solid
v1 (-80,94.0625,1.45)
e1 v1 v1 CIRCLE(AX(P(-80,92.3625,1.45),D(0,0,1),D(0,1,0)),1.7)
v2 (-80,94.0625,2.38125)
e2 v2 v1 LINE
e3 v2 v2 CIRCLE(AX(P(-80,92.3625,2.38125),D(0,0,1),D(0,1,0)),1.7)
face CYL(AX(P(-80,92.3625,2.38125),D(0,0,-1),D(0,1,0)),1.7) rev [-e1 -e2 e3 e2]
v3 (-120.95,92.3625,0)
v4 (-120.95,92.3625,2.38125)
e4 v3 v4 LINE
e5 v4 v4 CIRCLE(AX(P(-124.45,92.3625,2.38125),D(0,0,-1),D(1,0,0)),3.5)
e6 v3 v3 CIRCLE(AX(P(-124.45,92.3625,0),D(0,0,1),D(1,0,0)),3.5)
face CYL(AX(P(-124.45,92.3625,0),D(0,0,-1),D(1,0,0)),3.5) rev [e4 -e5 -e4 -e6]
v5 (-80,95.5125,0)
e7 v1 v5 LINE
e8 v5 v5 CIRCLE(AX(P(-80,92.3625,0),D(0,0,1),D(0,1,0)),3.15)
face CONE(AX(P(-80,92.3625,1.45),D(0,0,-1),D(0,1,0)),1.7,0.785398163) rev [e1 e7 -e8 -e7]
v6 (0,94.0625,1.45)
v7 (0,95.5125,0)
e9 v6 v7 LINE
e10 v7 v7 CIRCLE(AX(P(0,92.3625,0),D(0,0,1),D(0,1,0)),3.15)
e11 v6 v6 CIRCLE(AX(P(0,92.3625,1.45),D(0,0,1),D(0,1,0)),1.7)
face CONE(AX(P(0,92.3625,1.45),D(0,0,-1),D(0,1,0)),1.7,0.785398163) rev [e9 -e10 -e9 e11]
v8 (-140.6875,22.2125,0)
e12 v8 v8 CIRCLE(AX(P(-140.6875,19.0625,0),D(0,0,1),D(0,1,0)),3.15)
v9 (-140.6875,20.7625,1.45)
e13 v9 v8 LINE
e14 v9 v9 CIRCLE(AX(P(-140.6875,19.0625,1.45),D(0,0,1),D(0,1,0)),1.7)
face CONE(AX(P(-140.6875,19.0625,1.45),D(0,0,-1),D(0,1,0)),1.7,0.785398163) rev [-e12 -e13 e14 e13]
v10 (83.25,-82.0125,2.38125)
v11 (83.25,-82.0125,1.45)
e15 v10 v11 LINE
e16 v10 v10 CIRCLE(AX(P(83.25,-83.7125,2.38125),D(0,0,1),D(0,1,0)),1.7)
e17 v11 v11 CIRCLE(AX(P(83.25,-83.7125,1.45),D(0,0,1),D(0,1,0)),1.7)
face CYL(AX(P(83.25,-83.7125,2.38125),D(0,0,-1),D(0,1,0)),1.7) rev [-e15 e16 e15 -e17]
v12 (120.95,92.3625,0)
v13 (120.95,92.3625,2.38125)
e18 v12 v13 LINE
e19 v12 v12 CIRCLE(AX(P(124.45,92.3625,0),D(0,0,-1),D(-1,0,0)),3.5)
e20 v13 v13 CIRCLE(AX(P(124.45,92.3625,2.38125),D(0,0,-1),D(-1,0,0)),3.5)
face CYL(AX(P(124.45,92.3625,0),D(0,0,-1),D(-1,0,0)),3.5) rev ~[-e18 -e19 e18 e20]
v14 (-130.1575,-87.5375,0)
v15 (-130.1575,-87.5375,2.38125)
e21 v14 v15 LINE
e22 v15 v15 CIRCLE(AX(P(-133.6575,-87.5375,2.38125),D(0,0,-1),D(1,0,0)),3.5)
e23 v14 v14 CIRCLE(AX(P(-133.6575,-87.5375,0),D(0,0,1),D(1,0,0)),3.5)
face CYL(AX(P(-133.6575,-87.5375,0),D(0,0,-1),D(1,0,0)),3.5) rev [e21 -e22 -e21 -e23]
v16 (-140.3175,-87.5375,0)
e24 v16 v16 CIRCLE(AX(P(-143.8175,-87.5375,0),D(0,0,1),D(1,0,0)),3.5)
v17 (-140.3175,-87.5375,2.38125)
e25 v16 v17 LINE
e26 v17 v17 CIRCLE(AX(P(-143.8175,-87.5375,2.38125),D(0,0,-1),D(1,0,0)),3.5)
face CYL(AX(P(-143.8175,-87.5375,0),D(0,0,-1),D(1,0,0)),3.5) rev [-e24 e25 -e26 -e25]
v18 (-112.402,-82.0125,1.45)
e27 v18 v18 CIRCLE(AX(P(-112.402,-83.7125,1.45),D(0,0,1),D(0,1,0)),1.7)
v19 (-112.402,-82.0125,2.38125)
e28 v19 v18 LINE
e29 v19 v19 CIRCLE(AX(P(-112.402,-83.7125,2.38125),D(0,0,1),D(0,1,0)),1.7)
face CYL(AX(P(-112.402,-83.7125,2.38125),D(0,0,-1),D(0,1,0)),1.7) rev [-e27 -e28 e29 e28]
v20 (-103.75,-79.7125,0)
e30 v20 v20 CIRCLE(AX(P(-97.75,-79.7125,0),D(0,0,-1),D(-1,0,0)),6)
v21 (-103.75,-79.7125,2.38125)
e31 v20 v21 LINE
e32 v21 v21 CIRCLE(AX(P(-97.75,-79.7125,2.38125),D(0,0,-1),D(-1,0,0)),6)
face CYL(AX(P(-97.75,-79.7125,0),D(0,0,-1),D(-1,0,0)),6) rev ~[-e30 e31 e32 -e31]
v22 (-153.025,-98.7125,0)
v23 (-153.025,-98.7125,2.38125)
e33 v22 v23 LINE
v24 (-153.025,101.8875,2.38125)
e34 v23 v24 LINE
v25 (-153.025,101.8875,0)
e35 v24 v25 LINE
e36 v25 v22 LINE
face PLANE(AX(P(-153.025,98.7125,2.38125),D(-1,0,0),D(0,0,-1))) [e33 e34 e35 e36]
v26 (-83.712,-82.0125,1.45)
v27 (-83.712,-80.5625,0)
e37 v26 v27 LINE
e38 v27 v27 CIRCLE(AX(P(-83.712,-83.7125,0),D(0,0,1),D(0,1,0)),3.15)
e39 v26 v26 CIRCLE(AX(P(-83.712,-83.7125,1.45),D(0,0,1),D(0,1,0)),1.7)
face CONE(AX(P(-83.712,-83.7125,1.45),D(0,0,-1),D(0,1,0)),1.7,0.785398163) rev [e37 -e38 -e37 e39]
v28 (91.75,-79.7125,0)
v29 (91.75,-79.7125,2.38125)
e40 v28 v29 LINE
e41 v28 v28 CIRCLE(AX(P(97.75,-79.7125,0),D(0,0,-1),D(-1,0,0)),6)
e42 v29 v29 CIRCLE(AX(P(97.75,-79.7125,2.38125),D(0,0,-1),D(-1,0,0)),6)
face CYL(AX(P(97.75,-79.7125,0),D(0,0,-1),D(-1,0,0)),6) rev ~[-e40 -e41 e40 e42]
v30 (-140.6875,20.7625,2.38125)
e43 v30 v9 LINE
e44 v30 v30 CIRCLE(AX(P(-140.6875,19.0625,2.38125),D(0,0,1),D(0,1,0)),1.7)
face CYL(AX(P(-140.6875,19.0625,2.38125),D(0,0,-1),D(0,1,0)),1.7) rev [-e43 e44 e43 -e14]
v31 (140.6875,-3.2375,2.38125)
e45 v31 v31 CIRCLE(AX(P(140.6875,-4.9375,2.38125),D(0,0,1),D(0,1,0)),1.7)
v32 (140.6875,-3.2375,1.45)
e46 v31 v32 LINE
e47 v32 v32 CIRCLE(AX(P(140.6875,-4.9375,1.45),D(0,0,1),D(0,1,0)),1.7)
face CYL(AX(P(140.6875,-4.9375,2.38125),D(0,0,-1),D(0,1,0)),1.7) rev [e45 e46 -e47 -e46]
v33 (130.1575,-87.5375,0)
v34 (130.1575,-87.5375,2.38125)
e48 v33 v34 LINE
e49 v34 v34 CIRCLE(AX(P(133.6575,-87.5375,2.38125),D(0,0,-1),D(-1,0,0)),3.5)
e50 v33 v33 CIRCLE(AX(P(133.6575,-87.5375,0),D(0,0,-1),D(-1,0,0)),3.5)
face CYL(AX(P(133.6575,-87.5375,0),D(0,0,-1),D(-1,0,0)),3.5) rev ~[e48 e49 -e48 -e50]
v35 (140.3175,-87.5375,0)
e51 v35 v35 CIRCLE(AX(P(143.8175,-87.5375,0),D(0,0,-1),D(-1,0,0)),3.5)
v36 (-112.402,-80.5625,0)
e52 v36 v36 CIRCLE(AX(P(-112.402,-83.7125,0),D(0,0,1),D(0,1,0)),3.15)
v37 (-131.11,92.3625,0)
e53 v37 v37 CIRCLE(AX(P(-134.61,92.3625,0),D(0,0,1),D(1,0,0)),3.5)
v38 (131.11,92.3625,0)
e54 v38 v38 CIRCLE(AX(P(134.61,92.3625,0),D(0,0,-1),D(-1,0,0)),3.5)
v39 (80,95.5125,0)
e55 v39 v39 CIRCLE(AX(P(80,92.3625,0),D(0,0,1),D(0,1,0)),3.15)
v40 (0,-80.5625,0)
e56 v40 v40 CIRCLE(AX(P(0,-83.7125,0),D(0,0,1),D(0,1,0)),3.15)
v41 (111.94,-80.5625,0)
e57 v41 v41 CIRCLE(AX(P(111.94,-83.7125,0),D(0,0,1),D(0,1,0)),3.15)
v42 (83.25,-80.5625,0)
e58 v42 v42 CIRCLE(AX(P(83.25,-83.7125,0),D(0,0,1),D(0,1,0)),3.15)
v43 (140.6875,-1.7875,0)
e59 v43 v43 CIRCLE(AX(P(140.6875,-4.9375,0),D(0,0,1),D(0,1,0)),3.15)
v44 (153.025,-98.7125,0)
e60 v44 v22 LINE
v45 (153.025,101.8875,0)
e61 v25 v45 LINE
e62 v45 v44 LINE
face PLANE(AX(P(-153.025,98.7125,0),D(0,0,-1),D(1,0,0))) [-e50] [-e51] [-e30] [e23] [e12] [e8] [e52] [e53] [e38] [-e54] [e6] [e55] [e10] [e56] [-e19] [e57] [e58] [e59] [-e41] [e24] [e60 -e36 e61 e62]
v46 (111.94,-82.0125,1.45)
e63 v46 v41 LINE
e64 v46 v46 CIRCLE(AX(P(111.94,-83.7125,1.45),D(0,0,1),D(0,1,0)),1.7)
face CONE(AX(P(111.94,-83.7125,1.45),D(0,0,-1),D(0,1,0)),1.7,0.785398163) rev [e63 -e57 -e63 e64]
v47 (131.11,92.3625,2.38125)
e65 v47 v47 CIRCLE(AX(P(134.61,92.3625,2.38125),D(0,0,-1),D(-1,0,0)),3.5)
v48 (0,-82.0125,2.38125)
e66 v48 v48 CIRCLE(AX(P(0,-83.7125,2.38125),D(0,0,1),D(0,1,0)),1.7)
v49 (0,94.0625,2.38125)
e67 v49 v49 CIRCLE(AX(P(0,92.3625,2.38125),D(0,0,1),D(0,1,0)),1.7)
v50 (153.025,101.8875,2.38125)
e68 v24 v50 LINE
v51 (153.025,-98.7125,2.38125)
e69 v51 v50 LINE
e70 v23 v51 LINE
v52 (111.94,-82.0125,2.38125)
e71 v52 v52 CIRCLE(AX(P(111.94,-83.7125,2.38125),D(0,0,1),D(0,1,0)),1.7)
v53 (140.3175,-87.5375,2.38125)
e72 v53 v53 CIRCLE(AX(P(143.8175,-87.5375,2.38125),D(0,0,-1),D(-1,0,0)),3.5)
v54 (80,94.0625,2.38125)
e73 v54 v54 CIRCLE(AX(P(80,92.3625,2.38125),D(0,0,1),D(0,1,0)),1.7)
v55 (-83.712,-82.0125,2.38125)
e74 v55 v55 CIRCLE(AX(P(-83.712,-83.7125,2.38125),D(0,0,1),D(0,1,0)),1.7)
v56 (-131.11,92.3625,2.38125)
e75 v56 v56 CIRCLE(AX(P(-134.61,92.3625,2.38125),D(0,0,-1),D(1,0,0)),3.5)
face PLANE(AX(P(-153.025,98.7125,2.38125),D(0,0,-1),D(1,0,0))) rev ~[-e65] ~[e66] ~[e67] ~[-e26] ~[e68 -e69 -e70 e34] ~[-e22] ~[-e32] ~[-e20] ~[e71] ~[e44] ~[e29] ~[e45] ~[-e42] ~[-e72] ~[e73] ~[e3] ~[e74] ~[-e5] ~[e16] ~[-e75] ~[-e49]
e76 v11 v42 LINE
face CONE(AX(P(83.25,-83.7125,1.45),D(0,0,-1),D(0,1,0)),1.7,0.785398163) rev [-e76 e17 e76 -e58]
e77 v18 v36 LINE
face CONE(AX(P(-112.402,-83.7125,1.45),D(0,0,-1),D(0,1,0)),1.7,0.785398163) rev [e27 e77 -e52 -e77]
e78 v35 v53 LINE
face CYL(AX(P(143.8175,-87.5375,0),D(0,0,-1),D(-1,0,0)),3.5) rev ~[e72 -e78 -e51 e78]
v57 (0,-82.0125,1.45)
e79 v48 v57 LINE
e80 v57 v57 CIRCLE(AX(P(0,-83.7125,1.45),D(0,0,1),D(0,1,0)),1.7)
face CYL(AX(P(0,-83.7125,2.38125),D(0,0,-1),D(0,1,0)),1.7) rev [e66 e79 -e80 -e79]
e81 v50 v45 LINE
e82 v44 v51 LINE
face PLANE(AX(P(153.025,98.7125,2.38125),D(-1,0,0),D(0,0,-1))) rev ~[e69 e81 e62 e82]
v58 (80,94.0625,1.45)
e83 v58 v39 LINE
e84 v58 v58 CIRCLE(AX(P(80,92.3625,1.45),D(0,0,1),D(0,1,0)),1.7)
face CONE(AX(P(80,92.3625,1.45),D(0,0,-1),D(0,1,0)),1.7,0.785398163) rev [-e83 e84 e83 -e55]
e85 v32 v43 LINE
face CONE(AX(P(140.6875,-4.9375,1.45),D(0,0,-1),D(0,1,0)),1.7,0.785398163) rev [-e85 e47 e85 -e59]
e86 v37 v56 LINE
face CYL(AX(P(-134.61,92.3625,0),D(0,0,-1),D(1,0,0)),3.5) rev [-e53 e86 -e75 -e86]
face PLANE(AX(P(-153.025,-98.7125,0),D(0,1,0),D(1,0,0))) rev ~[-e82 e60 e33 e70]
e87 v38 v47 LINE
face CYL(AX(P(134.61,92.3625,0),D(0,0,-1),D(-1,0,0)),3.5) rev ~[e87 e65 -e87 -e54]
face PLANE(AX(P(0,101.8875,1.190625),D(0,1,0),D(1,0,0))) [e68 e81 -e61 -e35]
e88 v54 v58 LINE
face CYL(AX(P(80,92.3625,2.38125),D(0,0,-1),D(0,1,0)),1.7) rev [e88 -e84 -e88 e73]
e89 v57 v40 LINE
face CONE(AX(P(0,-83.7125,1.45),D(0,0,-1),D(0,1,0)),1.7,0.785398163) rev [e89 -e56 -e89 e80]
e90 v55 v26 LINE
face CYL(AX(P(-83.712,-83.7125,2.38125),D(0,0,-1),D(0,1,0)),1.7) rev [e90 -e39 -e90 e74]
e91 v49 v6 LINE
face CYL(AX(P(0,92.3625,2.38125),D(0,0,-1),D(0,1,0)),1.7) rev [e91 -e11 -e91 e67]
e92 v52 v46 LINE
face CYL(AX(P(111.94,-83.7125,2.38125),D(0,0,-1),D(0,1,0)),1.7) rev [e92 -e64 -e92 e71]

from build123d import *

# Parameters (mm, degrees)
SKETCH1_W                                      = 306.05
SKETCH1_H                                      = 197.425
SKETCH1_R                                      = 10.775
BOSS_EXTRUDE1_DEPTH                            = 2.38125
SKETCH9_W                                      = 306.05
SKETCH9_H                                      = 2.38125
BOSS_EXTRUDE2_DEPTH                            = 3.175
SKETCH10_R                                     = 3.5
CUT_EXTRUDE1_DEPTH                             = 184.856965146
CSK_FOR_M3_FLAT_HEAD_MACHINE_SCREW1_AT_2_COUNT = 2
CSK_FOR_M3_FLAT_HEAD_MACHINE_SCREW1_AT_2_PITCH = 28.69
CSK_FOR_M3_FLAT_HEAD_MACHINE_SCREW1_AT_3_COUNT = 2
CSK_FOR_M3_FLAT_HEAD_MACHINE_SCREW1_AT_3_PITCH = 83.856540491
CSK_FOR_M3_FLAT_HEAD_MACHINE_SCREW1_AT_4_COUNT = 2
CSK_FOR_M3_FLAT_HEAD_MACHINE_SCREW1_AT_4_PITCH = 178.948509983
CSK_FOR_M3_FLAT_HEAD_MACHINE_SCREW1_AT_5_COUNT = 2
CSK_FOR_M3_FLAT_HEAD_MACHINE_SCREW1_AT_5_PITCH = 208.645558843
CSK_FOR_M3_FLAT_HEAD_MACHINE_SCREW1_AT_6_COUNT = 2
CSK_FOR_M3_FLAT_HEAD_MACHINE_SCREW1_AT_6_PITCH = 260.467597265
CSK_FOR_M3_FLAT_HEAD_MACHINE_SCREW1_AT_7_COUNT = 2
CSK_FOR_M3_FLAT_HEAD_MACHINE_SCREW1_AT_7_PITCH = 272.733119364
CSK_FOR_M3_FLAT_HEAD_MACHINE_SCREW1_AT_8_COUNT = 2
CSK_FOR_M3_FLAT_HEAD_MACHINE_SCREW1_AT_8_PITCH = 224.342
CSK_FOR_M3_FLAT_HEAD_MACHINE_SCREW1_AT_9_COUNT = 2
CSK_FOR_M3_FLAT_HEAD_MACHINE_SCREW1_AT_9_PITCH = 195.652
CSK_FOR_M3_FLAT_HEAD_MACHINE_SCREW1_AT_1_COUNT = 2
CSK_FOR_M3_FLAT_HEAD_MACHINE_SCREW1_AT_1_PITCH = 111.94
SKETCH13_R                                     = 5.999999997
CUT_EXTRUDE2_DEPTH                             = 184.856965146


with BuildPart() as part:
    # Sketch1 → Boss-Extrude1 (new body)
    # profile 1 of 5: a face of its own
    with BuildSketch(Plane.XY):
        Rectangle(SKETCH1_W, SKETCH1_H)
        with Locations((-142.25, -87.9375)):
            Circle(SKETCH1_R, mode=Mode.SUBTRACT)
        with Locations((-130.25, -64.9375)):
            Circle(SKETCH1_R, mode=Mode.SUBTRACT)
    # profile 2 of 5: a face of its own
    with BuildSketch(Plane.XY):
        with Locations((-130.25, -64.9375)):
            Circle(SKETCH1_R)
    # profile 3 of 5: a face of its own
    with BuildSketch(Plane.XY):
        with Locations((-142.25, -87.9375)):
            Circle(SKETCH1_R)
    # profile 4 of 5: a face of its own
    with BuildSketch(Plane.XY):
        with BuildLine():
            ThreePointArc((-142.25, -98.7125), (-149.869075567, -95.556575567), (-153.025, -87.9375))
            Line((-153.025, -87.9375), (-153.025, -98.7125))
            Line((-153.025, -98.7125), (-142.25, -98.7125))
        make_face()
    # profile 5 of 5: a face of its own
    with BuildSketch(Plane.XY):
        Rectangle(SKETCH1_W, SKETCH1_H)
    extrude(amount=BOSS_EXTRUDE1_DEPTH)

    # Sketch9 → Boss-Extrude2 (add)
    with BuildSketch(Plane(origin=(0, 98.7125, 0), x_dir=(1, 0, 0), z_dir=(0, 1, 0))):
        with Locations((0, -1.190625)):
            Rectangle(SKETCH9_W, SKETCH9_H)
    extrude(amount=BOSS_EXTRUDE2_DEPTH)

    # Sketch10 → Cut-Extrude1 (cut, through all)
    with BuildSketch(Plane(origin=(0, 0, 0), x_dir=(-1, 0, 0), z_dir=(0, 0, -1))):
        with Locations((-134.610000066, 92.362499989)):
            Circle(SKETCH10_R)
        with Locations((-124.450000066, 92.362499989)):
            Circle(SKETCH10_R)
        with Locations((-143.817500066, -87.537500111)):
            Circle(SKETCH10_R)
        with Locations((-133.657500066, -87.537500111)):
            Circle(SKETCH10_R)
    cut_extrude1 = extrude(amount=-CUT_EXTRUDE1_DEPTH, mode=Mode.SUBTRACT)

    # Mirror1: Cut-Extrude1 across plane
    add(cut_extrude1.mirror(Plane(origin=(0, 0, 0), x_dir=(0, 0, 1), z_dir=(1, 0, 0))), mode=Mode.SUBTRACT)

    # Sketch12 → CSK for M3 Flat Head Machine Screw1 (revolve, cut)
    with BuildSketch(Plane(origin=(111.94, -83.7125, 0), x_dir=(0, 1, 0), z_dir=(1, 0, 0))):
        Polygon((0, 0), (0, 2.38125), (1.7, 2.38125), (1.7, 1.45), (3.15, 0), align=None)
    csk_for_m3_flat_head_machine_screw1 = revolve(axis=Axis((111.94, -83.7125, -6.35), (0, 0, 1)), mode=Mode.SUBTRACT)

    # CSK for M3 Flat Head Machine Screw1 at 2: CSK for M3 Flat Head Machine Screw1 ×2
    with Locations(*[(-i * CSK_FOR_M3_FLAT_HEAD_MACHINE_SCREW1_AT_2_PITCH, 0, 0) for i in range(1, CSK_FOR_M3_FLAT_HEAD_MACHINE_SCREW1_AT_2_COUNT)]):
        add(csk_for_m3_flat_head_machine_screw1, mode=Mode.SUBTRACT)

    # CSK for M3 Flat Head Machine Screw1 at 3: CSK for M3 Flat Head Machine Screw1 ×2
    with Locations(*[Vector(0.34281762477474764, 0.9394019779326636, 0) * (i * CSK_FOR_M3_FLAT_HEAD_MACHINE_SCREW1_AT_3_PITCH) for i in range(1, CSK_FOR_M3_FLAT_HEAD_MACHINE_SCREW1_AT_3_COUNT)]):
        add(csk_for_m3_flat_head_machine_screw1, mode=Mode.SUBTRACT)

    # CSK for M3 Flat Head Machine Screw1 at 4: CSK for M3 Flat Head Machine Screw1 ×2
    with Locations(*[Vector(-0.17848709666882537, 0.9839422525345344, 0) * (i * CSK_FOR_M3_FLAT_HEAD_MACHINE_SCREW1_AT_4_PITCH) for i in range(1, CSK_FOR_M3_FLAT_HEAD_MACHINE_SCREW1_AT_4_COUNT)]):
        add(csk_for_m3_flat_head_machine_screw1, mode=Mode.SUBTRACT)

    # CSK for M3 Flat Head Machine Screw1 at 5: CSK for M3 Flat Head Machine Screw1 ×2
    with Locations(*[Vector(-0.5365079449598532, 0.8438952689729663, 0) * (i * CSK_FOR_M3_FLAT_HEAD_MACHINE_SCREW1_AT_5_PITCH) for i in range(1, CSK_FOR_M3_FLAT_HEAD_MACHINE_SCREW1_AT_5_COUNT)]):
        add(csk_for_m3_flat_head_machine_screw1, mode=Mode.SUBTRACT)

    # CSK for M3 Flat Head Machine Screw1 at 6: CSK for M3 Flat Head Machine Screw1 ×2
    with Locations(*[Vector(-0.7369054808176366, 0.6759957931384839, 0) * (i * CSK_FOR_M3_FLAT_HEAD_MACHINE_SCREW1_AT_6_PITCH) for i in range(1, CSK_FOR_M3_FLAT_HEAD_MACHINE_SCREW1_AT_6_COUNT)]):
        add(csk_for_m3_flat_head_machine_screw1, mode=Mode.SUBTRACT)

    # CSK for M3 Flat Head Machine Screw1 at 7: CSK for M3 Flat Head Machine Screw1 ×2
    with Locations(*[Vector(-0.9262809761508288, 0.37683358823367613, 0) * (i * CSK_FOR_M3_FLAT_HEAD_MACHINE_SCREW1_AT_7_PITCH) for i in range(1, CSK_FOR_M3_FLAT_HEAD_MACHINE_SCREW1_AT_7_COUNT)]):
        add(csk_for_m3_flat_head_machine_screw1, mode=Mode.SUBTRACT)

    # CSK for M3 Flat Head Machine Screw1 at 8: CSK for M3 Flat Head Machine Screw1 ×2
    with Locations(*[(-i * CSK_FOR_M3_FLAT_HEAD_MACHINE_SCREW1_AT_8_PITCH, 0, 0) for i in range(1, CSK_FOR_M3_FLAT_HEAD_MACHINE_SCREW1_AT_8_COUNT)]):
        add(csk_for_m3_flat_head_machine_screw1, mode=Mode.SUBTRACT)

    # CSK for M3 Flat Head Machine Screw1 at 9: CSK for M3 Flat Head Machine Screw1 ×2
    with Locations(*[(-i * CSK_FOR_M3_FLAT_HEAD_MACHINE_SCREW1_AT_9_PITCH, 0, 0) for i in range(1, CSK_FOR_M3_FLAT_HEAD_MACHINE_SCREW1_AT_9_COUNT)]):
        add(csk_for_m3_flat_head_machine_screw1, mode=Mode.SUBTRACT)

    # CSK for M3 Flat Head Machine Screw1 at 1: CSK for M3 Flat Head Machine Screw1 ×2
    with Locations(*[(-i * CSK_FOR_M3_FLAT_HEAD_MACHINE_SCREW1_AT_1_PITCH, 0, 0) for i in range(1, CSK_FOR_M3_FLAT_HEAD_MACHINE_SCREW1_AT_1_COUNT)]):
        add(csk_for_m3_flat_head_machine_screw1, mode=Mode.SUBTRACT)

    # Sketch13 → Cut-Extrude2 (cut, through all)
    with BuildSketch(Plane(origin=(0, 0, 0), x_dir=(-1, 0, 0), z_dir=(0, 0, -1))):
        with Locations((-97.75, -79.7125001)):
            Circle(SKETCH13_R)
        with Locations((97.75, -79.7125001)):
            Circle(SKETCH13_R)
    extrude(amount=-CUT_EXTRUDE2_DEPTH, mode=Mode.SUBTRACT)


solid = part.part
